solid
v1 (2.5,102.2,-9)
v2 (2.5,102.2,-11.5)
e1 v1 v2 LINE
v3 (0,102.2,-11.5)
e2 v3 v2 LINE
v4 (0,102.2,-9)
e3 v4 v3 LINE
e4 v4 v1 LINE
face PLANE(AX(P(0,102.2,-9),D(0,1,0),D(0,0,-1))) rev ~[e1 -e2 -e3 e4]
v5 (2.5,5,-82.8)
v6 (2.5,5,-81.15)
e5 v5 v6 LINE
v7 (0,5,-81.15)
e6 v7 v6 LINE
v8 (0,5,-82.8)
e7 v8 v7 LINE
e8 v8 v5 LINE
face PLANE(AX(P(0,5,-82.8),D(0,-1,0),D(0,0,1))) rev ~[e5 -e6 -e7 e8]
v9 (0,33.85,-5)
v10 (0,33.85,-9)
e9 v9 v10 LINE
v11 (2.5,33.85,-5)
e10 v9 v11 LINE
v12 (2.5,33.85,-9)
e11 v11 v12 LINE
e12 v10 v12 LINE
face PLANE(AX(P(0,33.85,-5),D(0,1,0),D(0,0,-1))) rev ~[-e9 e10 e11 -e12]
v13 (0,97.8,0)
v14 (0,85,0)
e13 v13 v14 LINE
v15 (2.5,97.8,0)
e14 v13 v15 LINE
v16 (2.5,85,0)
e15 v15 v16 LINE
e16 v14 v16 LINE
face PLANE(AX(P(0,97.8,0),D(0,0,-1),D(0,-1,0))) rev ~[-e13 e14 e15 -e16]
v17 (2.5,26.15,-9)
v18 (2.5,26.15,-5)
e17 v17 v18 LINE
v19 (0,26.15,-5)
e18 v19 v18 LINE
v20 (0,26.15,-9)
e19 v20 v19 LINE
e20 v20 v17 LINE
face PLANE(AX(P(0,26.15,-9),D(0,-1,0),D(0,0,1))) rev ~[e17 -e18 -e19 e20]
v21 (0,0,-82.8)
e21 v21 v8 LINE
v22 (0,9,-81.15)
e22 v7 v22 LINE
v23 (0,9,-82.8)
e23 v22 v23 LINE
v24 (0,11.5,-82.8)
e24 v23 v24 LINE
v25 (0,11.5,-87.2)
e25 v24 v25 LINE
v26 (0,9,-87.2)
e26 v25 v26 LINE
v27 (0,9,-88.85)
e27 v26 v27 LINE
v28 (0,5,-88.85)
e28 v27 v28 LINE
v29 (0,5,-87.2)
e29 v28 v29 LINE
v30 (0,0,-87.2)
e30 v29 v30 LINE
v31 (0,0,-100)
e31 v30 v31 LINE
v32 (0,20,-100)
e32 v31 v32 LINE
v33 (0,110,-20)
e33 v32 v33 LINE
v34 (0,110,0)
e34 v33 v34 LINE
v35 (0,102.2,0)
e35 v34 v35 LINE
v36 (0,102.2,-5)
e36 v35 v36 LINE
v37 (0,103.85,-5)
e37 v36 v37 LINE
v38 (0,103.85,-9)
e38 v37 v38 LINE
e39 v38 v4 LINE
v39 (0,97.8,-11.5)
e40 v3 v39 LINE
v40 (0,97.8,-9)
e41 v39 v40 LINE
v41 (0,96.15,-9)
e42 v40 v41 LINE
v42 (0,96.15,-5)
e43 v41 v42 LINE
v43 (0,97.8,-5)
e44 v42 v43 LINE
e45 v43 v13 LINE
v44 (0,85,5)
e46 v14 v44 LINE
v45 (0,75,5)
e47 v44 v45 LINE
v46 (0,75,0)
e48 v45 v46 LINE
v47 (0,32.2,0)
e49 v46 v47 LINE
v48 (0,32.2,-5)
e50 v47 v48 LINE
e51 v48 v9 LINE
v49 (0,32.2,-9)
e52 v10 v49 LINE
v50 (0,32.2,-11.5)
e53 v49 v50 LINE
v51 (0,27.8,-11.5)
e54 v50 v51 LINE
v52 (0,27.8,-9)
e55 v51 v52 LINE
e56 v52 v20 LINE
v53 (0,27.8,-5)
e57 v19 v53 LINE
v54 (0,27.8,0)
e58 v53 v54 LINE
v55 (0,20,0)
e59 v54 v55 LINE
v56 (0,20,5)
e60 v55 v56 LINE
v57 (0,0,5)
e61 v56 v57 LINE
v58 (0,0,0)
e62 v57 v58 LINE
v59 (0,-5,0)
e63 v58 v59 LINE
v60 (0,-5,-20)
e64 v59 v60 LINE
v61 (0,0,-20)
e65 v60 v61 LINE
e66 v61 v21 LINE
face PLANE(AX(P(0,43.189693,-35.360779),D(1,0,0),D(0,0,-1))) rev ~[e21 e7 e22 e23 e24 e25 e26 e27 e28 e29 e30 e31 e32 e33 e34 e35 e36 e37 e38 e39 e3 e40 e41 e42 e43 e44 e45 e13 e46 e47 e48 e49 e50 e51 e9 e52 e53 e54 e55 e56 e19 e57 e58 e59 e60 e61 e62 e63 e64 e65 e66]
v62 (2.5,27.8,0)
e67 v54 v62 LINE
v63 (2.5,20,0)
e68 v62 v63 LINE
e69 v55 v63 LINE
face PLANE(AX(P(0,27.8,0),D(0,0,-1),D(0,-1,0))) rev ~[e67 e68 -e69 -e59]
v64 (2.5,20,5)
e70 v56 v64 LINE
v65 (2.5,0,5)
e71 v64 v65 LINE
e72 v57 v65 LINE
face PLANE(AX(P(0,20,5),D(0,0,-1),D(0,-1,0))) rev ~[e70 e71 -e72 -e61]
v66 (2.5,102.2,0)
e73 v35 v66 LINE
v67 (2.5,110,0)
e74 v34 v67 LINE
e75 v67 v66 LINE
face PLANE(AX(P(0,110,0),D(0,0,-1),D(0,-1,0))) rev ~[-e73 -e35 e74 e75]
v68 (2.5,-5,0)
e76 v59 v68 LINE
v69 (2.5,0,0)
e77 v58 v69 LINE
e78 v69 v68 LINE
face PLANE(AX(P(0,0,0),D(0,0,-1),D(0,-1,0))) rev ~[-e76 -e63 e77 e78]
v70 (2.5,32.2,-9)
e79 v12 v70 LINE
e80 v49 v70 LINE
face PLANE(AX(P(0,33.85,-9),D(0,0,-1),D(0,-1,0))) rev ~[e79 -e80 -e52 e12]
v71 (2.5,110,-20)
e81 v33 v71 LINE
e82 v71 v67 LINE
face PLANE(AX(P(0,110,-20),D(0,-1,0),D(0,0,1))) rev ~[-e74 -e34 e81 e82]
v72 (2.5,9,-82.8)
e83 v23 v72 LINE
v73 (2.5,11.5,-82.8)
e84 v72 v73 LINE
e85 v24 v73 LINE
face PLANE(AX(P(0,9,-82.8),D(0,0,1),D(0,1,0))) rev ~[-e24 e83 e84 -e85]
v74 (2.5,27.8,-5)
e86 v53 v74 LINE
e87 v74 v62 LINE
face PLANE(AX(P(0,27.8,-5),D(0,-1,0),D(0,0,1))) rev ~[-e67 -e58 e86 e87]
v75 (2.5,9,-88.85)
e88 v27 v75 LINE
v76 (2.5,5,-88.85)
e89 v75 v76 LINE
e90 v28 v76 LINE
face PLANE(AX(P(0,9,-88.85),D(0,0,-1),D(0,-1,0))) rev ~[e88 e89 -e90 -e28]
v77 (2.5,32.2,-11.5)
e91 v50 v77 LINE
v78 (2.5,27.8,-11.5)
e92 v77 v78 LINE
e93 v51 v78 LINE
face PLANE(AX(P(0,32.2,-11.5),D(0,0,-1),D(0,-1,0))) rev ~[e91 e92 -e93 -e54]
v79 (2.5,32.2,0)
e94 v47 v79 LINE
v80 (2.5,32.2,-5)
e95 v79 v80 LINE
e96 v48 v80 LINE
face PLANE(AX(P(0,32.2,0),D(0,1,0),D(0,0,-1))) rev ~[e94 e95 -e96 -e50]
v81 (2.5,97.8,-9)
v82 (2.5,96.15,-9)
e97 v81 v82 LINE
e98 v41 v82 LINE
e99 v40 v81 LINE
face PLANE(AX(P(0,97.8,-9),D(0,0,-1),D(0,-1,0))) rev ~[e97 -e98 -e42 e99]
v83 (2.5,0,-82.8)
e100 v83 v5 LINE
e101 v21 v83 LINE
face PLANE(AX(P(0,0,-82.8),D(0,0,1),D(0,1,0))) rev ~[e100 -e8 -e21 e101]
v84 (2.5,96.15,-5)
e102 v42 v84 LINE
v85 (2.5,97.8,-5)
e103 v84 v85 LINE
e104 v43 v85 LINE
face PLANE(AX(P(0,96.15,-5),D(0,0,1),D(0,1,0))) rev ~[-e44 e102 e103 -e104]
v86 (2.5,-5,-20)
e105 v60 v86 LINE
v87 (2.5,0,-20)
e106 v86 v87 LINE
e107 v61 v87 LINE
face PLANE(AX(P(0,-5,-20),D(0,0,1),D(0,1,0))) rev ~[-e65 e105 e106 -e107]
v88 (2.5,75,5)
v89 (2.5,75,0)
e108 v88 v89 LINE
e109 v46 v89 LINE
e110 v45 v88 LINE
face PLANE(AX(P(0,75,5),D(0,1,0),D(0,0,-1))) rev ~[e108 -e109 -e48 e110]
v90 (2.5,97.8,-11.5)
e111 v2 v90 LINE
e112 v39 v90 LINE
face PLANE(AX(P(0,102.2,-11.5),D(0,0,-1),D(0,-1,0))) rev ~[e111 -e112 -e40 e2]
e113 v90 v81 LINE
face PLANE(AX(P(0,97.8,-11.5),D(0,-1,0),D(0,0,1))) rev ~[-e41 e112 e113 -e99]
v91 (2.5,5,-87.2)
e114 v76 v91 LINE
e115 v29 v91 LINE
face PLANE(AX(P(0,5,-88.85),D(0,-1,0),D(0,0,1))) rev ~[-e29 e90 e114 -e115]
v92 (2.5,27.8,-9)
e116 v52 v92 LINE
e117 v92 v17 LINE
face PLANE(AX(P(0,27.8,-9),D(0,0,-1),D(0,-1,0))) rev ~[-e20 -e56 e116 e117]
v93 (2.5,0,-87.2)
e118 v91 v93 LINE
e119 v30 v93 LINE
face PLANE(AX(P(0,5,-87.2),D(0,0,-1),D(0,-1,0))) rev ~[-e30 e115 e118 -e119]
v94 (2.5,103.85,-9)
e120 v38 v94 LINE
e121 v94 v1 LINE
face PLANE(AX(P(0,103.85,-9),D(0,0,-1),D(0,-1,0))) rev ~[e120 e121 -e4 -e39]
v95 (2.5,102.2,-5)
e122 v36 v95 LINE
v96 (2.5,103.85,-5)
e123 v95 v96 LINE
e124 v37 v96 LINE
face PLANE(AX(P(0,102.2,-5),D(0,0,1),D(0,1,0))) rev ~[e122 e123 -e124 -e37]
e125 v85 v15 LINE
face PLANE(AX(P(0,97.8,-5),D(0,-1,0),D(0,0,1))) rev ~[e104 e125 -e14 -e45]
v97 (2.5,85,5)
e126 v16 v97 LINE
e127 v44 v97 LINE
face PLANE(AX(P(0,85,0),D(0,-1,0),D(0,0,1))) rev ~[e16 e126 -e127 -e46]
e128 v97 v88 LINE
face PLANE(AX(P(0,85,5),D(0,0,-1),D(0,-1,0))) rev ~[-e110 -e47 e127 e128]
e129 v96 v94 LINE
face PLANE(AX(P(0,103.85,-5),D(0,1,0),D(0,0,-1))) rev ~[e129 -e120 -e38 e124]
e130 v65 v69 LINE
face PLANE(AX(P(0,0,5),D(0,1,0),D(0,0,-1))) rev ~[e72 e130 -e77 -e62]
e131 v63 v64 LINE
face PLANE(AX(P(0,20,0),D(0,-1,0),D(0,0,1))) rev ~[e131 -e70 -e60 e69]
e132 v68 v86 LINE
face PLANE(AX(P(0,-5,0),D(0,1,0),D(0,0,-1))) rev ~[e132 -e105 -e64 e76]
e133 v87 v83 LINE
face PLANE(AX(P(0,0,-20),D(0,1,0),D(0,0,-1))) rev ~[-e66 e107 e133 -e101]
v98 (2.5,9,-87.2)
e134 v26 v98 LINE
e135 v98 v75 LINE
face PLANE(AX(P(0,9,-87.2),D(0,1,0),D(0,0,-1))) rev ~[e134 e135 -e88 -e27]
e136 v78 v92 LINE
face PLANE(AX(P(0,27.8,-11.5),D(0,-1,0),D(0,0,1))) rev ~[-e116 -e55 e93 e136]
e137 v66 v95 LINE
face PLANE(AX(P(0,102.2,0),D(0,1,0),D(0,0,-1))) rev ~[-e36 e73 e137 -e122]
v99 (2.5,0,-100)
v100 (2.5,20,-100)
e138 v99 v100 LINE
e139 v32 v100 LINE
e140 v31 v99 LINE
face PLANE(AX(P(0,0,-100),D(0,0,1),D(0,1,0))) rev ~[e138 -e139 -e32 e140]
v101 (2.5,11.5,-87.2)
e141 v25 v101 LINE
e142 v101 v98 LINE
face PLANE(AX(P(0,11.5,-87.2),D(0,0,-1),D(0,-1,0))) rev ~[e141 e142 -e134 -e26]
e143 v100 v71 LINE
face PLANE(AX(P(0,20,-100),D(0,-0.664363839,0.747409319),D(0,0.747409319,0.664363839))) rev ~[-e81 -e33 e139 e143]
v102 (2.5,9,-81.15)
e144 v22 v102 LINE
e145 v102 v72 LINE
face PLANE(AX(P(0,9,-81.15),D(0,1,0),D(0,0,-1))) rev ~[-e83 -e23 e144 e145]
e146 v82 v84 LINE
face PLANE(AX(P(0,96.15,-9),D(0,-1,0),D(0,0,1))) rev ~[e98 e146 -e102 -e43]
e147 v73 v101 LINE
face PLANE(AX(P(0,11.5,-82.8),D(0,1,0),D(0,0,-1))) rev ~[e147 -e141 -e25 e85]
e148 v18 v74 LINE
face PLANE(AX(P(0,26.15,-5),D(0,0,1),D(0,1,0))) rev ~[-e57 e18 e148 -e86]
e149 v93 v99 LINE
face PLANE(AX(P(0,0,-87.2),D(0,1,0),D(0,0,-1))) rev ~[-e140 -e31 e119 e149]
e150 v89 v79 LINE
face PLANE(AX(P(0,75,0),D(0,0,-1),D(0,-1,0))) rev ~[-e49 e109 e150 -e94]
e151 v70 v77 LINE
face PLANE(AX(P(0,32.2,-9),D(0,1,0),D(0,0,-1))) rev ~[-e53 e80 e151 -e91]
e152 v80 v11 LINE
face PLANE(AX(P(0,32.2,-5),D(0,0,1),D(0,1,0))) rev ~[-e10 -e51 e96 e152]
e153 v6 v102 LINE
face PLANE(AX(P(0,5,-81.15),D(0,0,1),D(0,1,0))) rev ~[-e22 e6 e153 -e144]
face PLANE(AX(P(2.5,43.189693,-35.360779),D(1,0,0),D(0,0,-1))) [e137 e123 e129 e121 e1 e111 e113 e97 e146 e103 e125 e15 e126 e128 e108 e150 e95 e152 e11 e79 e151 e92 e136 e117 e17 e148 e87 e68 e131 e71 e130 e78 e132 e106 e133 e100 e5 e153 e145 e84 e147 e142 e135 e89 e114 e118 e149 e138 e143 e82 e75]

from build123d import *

# Parameters (mm, degrees)
BOSS_EXTRUDE1_DEPTH = 2.5


with BuildPart() as part:
    # Sketch1 → Boss-Extrude1 (new body)
    with BuildSketch(Plane(origin=(0, 0, 0), x_dir=(0, 0, -1), z_dir=(1, 0, 0))):
        Polygon((100, 20), (20, 110), (0, 110), (0, 102.2), (5, 102.2), (5, 103.85), (9, 103.85), (9, 102.2), (11.5, 102.2), (11.5, 97.8), (9, 97.8), (9, 96.15), (5, 96.15), (5, 97.8), (0, 97.8), (0, 85), (-5, 85), (-5, 75), (0, 75), (0, 32.2), (5, 32.2), (5, 33.85), (9, 33.85), (9, 32.2), (11.5, 32.2), (11.5, 27.8), (9, 27.8), (9, 26.15), (5, 26.15), (5, 27.8), (0, 27.8), (0, 20), (-5, 20), (-5, 0), (0, 0), (0, -5), (20, -5), (20, 0), (82.8, 0), (82.8, 5), (81.15, 5), (81.15, 9), (82.8, 9), (82.8, 11.5), (87.2, 11.5), (87.2, 9), (88.85, 9), (88.85, 5), (87.2, 5), (87.2, 0), (100, 0), align=None)
    extrude(amount=BOSS_EXTRUDE1_DEPTH)


solid = part.part
